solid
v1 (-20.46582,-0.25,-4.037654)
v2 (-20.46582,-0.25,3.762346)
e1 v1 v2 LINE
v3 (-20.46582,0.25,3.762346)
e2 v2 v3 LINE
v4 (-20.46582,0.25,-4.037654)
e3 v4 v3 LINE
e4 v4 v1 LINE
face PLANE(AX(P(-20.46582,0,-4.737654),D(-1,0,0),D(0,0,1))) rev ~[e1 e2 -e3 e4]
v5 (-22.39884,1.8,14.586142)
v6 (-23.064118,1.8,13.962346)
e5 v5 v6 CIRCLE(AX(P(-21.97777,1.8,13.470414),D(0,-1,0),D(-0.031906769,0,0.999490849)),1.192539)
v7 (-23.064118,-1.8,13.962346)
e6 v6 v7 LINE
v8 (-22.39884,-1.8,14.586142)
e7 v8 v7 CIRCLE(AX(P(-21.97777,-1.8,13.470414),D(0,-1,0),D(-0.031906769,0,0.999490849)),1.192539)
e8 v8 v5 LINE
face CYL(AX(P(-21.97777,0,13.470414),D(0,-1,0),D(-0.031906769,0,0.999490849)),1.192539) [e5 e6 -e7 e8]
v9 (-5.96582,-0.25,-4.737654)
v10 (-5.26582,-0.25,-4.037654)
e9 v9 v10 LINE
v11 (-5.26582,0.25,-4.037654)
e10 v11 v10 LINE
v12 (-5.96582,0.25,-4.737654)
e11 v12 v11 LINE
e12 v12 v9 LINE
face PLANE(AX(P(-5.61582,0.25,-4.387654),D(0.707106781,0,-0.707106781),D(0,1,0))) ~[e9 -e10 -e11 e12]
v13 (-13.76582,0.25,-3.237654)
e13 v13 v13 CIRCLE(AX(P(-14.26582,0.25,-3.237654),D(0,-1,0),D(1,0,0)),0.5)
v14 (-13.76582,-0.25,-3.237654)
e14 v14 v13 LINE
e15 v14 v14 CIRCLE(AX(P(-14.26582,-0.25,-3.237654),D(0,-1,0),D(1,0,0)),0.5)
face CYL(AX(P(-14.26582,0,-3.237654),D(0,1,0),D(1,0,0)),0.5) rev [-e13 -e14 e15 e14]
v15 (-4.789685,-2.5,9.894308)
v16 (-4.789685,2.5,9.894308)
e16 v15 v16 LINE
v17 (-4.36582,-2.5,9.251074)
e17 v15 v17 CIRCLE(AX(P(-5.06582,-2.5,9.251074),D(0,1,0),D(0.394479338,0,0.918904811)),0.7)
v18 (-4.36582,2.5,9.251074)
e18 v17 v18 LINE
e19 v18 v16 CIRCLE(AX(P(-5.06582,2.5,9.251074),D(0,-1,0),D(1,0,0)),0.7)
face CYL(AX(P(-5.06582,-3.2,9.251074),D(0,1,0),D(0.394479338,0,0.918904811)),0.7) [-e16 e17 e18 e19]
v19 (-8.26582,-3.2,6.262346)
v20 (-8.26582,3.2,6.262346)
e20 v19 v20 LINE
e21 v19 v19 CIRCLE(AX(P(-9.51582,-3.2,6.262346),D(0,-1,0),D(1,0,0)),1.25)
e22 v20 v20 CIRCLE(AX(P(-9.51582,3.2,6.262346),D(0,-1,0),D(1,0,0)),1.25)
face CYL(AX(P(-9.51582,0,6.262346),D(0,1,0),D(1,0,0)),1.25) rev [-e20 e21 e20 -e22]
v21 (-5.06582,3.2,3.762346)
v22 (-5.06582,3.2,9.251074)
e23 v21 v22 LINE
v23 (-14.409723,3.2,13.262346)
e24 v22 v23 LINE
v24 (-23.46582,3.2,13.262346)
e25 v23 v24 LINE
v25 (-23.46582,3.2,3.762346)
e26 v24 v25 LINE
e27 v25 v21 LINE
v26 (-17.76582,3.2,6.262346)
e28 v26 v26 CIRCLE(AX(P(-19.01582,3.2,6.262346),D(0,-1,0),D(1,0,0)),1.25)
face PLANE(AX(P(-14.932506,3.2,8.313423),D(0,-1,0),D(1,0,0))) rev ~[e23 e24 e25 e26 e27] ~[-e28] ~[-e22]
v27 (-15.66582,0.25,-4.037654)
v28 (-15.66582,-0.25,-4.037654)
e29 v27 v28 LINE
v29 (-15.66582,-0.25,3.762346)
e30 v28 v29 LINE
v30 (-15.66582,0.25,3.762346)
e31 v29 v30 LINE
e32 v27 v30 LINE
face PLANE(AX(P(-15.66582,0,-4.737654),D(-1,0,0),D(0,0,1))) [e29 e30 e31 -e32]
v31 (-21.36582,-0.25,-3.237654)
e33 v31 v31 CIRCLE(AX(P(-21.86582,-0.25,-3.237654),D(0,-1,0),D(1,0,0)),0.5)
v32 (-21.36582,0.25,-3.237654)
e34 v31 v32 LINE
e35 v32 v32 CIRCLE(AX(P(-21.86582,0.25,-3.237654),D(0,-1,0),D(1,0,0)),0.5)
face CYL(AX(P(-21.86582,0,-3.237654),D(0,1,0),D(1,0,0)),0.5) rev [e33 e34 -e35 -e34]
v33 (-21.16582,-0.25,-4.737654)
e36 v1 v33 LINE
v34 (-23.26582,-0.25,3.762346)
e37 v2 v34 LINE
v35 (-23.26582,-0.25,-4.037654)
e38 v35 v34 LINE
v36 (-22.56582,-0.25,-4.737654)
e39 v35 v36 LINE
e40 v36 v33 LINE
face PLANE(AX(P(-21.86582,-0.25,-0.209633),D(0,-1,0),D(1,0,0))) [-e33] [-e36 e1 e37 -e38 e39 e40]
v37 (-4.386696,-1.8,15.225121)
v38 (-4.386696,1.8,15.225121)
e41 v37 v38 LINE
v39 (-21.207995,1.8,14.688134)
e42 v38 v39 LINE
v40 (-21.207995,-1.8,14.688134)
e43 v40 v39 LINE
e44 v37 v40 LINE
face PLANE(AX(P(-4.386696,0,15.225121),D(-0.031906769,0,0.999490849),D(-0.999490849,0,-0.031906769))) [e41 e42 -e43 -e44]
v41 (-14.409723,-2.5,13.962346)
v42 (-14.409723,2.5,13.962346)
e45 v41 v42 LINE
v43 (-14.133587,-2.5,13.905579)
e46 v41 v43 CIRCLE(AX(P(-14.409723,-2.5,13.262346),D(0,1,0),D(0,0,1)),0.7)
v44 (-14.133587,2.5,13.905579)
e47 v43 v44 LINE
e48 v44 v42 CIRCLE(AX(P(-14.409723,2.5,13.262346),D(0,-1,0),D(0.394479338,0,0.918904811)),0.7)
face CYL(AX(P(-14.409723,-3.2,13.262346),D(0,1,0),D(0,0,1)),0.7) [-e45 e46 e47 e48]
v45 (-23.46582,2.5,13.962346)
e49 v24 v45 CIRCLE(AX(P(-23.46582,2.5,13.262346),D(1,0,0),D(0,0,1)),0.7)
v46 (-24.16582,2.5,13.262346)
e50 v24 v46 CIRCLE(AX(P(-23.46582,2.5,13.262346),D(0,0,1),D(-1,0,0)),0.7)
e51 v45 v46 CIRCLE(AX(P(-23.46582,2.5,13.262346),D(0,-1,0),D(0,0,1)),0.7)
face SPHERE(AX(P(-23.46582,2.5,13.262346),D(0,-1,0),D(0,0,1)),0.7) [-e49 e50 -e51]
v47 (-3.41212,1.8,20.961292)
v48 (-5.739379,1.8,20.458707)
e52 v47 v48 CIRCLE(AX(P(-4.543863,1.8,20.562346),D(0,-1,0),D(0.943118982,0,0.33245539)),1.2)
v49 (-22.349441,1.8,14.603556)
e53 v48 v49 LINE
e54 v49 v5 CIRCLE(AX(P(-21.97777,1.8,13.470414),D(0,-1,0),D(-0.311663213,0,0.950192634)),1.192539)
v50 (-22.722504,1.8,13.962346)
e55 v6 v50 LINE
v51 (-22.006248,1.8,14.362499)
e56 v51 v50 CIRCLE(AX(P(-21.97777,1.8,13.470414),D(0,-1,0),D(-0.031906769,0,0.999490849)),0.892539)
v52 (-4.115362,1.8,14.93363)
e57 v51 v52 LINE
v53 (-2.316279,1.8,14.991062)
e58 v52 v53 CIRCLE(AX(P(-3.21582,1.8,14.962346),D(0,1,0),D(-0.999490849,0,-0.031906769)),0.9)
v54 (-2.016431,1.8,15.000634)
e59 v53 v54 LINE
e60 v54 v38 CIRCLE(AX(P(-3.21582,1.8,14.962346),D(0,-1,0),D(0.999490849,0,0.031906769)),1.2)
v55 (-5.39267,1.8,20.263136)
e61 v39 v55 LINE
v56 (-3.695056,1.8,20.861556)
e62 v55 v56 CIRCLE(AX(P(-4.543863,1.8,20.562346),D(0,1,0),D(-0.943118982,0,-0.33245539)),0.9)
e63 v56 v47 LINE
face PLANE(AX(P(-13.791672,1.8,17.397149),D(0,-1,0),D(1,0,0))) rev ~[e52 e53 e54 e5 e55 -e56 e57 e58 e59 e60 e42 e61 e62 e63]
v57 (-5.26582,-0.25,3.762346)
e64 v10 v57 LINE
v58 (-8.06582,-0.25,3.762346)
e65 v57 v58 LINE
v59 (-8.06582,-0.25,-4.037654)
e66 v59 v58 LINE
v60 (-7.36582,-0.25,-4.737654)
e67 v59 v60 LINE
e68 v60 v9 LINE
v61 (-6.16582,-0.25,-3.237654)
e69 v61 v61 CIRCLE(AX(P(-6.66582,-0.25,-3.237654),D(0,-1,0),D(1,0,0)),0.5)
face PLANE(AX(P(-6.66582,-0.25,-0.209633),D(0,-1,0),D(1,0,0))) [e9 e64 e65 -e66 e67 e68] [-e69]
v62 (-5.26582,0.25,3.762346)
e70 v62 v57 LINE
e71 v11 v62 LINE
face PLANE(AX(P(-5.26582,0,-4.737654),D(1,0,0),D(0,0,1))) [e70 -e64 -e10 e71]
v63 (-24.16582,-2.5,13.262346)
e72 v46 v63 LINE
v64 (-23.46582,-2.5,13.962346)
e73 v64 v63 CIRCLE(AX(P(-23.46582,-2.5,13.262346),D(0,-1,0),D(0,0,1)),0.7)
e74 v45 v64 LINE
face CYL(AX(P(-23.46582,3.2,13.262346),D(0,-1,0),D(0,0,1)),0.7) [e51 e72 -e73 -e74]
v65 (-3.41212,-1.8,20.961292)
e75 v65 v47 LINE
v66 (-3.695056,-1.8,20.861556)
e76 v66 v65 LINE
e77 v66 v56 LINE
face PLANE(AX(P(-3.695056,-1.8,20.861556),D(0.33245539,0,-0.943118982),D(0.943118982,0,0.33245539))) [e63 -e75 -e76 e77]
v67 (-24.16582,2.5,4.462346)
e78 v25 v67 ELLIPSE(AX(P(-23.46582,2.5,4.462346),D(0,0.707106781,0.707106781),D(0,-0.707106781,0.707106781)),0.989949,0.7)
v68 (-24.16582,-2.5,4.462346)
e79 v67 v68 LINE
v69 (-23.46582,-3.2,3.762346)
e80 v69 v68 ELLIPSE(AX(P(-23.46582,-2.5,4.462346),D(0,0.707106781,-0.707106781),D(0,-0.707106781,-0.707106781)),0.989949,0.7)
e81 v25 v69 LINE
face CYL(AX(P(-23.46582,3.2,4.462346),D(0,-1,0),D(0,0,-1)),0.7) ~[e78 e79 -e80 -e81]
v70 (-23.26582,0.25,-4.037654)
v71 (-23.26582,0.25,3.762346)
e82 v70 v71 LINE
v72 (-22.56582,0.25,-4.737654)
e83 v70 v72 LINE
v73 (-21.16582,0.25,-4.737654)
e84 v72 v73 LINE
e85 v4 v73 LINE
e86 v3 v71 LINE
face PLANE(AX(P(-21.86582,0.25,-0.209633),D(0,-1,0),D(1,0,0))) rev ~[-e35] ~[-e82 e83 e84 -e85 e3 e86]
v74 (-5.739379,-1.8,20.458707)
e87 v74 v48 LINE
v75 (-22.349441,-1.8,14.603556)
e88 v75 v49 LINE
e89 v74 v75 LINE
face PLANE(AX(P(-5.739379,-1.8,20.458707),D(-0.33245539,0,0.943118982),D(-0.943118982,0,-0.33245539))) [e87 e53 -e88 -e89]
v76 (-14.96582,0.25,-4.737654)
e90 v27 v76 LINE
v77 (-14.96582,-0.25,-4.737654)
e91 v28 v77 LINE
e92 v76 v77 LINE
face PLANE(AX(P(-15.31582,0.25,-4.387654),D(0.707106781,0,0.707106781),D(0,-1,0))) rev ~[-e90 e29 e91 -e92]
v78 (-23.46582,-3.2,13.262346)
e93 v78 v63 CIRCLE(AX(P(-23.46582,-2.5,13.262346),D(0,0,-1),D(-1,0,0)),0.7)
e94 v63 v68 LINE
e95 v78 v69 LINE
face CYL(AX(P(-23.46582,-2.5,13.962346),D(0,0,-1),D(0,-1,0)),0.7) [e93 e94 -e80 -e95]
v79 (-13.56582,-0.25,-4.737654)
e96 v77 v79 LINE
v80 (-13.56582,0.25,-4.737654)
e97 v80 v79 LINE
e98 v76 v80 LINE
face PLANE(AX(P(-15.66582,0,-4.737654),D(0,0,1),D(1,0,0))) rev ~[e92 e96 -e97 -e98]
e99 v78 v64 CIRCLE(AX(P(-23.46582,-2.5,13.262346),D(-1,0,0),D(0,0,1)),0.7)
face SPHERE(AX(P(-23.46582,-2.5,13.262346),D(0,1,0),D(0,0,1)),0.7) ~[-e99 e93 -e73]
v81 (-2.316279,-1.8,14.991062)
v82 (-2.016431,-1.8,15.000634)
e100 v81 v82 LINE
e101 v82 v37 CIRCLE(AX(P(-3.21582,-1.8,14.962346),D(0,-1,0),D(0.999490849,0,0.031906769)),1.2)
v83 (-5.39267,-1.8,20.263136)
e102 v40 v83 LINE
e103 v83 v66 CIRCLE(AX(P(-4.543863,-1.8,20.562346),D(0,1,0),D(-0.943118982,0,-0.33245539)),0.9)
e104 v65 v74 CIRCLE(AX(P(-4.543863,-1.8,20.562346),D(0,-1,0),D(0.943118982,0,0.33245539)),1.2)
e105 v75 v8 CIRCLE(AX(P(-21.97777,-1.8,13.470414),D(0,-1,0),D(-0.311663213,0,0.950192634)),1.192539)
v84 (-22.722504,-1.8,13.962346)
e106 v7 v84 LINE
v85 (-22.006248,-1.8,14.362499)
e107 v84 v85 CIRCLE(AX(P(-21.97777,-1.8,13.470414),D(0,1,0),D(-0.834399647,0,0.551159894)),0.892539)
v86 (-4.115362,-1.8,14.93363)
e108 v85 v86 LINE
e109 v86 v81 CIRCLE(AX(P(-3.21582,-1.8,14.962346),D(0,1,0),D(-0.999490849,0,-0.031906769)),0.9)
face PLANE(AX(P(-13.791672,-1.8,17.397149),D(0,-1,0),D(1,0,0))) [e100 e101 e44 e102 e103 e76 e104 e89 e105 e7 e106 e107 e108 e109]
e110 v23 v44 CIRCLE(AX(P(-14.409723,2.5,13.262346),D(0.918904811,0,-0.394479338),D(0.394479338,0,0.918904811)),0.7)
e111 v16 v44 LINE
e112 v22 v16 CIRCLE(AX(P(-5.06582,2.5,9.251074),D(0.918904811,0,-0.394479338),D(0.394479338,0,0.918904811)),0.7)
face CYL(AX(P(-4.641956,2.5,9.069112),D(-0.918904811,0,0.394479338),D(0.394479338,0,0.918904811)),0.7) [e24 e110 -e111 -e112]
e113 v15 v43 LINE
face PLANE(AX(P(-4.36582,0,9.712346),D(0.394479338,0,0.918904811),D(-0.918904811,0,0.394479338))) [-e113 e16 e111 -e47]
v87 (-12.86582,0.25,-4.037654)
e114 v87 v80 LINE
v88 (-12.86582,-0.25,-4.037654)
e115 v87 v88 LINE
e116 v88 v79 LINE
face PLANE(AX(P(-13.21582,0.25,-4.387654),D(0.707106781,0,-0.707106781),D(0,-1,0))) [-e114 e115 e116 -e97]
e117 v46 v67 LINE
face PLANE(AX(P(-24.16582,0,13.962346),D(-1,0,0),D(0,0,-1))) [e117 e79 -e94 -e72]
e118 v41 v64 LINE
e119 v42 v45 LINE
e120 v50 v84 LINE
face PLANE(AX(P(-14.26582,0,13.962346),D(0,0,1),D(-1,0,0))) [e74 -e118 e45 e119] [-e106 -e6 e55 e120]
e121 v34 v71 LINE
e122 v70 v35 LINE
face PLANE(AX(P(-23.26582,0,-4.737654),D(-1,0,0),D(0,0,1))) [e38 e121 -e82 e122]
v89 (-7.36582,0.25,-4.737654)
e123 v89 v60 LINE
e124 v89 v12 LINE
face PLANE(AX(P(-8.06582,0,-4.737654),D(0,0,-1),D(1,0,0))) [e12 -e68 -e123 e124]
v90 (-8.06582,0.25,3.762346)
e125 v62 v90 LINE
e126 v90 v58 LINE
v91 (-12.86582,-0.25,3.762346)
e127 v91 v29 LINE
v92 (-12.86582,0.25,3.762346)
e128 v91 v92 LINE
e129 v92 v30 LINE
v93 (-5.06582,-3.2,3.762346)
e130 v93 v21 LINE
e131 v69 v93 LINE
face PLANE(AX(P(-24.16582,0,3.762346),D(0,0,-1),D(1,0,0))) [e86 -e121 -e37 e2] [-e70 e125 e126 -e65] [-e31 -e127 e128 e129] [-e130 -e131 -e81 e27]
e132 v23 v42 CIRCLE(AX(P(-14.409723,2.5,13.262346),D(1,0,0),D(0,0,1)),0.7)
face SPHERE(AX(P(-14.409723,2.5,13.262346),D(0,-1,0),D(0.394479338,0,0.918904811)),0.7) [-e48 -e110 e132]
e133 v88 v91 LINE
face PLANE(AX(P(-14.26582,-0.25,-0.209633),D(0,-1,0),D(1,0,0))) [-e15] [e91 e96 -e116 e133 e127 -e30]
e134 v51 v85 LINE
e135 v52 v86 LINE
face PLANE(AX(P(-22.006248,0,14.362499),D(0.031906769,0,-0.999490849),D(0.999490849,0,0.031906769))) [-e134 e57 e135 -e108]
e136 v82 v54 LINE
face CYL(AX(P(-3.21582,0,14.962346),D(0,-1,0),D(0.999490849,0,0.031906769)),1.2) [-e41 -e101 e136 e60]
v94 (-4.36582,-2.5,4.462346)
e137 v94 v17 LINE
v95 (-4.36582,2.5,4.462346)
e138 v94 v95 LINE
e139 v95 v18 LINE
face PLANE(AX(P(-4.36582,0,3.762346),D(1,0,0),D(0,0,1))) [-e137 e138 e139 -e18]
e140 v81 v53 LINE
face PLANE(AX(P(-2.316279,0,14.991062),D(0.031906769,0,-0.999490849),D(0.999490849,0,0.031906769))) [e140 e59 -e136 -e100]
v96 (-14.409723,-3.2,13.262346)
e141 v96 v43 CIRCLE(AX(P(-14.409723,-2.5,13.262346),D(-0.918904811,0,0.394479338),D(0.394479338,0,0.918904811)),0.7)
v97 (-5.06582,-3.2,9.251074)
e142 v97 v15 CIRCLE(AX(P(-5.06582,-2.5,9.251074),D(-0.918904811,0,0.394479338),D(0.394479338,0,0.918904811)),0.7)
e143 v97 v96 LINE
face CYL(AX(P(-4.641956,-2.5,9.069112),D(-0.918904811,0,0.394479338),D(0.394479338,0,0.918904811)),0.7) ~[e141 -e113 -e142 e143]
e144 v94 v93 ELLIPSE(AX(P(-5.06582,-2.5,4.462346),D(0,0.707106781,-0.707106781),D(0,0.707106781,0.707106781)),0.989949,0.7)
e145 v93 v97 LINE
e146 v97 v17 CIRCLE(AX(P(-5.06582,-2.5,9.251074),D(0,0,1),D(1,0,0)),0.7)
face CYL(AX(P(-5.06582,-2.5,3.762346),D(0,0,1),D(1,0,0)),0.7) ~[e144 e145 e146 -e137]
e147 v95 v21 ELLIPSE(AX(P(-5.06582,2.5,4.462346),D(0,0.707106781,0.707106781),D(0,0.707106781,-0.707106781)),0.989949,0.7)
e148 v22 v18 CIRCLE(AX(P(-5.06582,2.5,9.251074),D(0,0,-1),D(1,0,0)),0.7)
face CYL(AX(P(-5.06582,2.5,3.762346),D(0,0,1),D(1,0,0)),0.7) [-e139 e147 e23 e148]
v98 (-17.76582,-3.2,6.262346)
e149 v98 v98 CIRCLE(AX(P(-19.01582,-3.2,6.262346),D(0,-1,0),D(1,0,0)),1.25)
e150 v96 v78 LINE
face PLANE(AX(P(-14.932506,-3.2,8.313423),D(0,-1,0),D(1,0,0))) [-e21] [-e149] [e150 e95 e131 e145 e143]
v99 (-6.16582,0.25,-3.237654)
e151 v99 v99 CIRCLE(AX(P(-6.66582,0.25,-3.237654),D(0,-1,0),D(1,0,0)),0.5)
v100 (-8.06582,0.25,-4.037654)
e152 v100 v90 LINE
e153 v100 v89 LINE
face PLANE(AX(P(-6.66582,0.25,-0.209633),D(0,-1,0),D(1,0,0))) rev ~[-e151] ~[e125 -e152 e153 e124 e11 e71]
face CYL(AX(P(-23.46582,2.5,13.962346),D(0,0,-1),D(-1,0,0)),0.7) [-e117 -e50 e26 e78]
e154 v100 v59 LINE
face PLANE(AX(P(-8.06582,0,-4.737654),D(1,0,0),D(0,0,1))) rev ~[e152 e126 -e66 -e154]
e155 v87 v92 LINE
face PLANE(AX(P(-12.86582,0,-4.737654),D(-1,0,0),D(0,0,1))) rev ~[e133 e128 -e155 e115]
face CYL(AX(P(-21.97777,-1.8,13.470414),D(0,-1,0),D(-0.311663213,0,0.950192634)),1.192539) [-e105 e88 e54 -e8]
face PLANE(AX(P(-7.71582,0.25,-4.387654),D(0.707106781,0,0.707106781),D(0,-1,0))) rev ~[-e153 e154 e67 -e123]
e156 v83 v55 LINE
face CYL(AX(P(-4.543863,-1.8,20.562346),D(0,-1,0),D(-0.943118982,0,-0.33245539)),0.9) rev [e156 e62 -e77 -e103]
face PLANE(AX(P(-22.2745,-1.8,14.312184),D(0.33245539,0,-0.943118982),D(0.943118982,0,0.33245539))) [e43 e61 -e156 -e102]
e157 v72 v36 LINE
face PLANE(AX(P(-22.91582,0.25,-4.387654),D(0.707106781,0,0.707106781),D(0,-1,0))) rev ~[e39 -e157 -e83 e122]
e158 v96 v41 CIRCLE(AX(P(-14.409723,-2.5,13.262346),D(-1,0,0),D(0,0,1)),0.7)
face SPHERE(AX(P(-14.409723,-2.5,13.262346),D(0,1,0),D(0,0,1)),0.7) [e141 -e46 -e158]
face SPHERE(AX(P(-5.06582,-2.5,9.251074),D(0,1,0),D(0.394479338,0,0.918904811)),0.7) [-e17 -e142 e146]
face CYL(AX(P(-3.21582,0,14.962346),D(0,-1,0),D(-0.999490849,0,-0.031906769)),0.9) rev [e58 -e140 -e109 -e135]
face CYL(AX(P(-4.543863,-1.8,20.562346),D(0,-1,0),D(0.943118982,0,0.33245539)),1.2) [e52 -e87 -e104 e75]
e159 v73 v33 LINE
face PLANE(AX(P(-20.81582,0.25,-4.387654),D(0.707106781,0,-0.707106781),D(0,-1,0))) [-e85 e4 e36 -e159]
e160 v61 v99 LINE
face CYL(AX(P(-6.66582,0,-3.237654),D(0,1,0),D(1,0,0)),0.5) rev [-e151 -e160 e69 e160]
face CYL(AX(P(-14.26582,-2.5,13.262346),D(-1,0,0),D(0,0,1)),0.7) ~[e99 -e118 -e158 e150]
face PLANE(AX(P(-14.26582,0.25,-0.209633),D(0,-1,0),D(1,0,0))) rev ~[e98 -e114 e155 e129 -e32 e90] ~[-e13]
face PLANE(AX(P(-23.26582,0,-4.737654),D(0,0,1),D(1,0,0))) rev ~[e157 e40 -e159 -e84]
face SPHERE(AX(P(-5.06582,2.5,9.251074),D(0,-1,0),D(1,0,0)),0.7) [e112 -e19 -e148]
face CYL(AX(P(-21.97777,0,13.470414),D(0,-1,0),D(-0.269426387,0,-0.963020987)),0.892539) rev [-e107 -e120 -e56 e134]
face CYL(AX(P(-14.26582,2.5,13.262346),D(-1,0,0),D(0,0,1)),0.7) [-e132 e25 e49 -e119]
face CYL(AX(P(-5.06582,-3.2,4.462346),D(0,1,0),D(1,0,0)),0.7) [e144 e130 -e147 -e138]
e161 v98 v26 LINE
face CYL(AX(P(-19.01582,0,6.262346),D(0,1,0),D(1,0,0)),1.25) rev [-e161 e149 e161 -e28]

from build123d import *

# Parameters (mm, degrees)
F0_R     = 1.25
F1_DEPTH = 3.2
F2_R     = 0.7
F4_DEPTH = 1.8
F5_W     = 2.8
F5_H     = 9.0560415828
F5_R     = 0.5
F6_DEPTH = 0.25
F7_SIZE  = 0.7
F9_DEPTH = 3.6


with BuildPart() as f1:
    # F0 (on Front) → F1 (new body, symmetric)
    with BuildSketch(Plane.XZ):
        Polygon((-14.2658203304, 13.9623457611), (-24.1658203304, 13.9623457611), (-24.1658203304, 3.7623457611), (-4.3658203304, 3.7623457611), (-4.3658203304, 9.7123457611), align=None)
        with Locations((-19.0158203304, 6.2623457611)):
            Circle(F0_R, mode=Mode.SUBTRACT)
        with Locations((-9.5158203304, 6.2623457611)):
            Circle(F0_R, mode=Mode.SUBTRACT)
    extrude(amount=F1_DEPTH, both=True)

    # F2
    f2_edges = [f1.edges().sort_by_distance(p)[0] for p in [
        (-4.36582, 0, 9.712346),
        (-14.26582, 0, 13.962346),
        (-24.16582, 0, 13.962346),
        (-4.36582, 0, 3.762346),
        (-24.16582, 0, 3.762346),
        (-19.21582, -3.2, 13.962346),
        (-9.31582, -3.2, 11.837346),
        (-4.36582, -3.2, 6.737346),
        (-4.36582, 3.2, 6.737346),
        (-9.31582, 3.2, 11.837346),
        (-19.21582, 3.2, 13.962346),
        (-24.16582, -3.2, 8.862346),
        (-24.16582, 3.2, 8.862346),
    ]]
    fillet(f2_edges, radius=F2_R)

    # F3 (on Front) → F4 (join, symmetric)
    with BuildSketch(Plane.XZ):
        with BuildLine():
            Line((-4.3866957854, 15.2251207005), (-22.0158203304, 14.6623457611))
            ThreePointArc((-22.0158203304, 14.6623457611), (-23.165946247, 13.572328355), (-22.2182437598, 12.3023726214))
            Line((-22.2182437598, 12.3023726214), (-22.2182437598, 12.6108806694))
            ThreePointArc((-22.2182437598, 12.6108806694), (-22.8638430635, 13.5776541553), (-22.0062482997, 14.3624985062))
            Line((-22.0062482997, 14.3624985062), (-4.1153620949, 14.9336296691))
            ThreePointArc((-4.1153620949, 14.9336296691), (-3.2445364224, 15.8618875256), (-2.3162785659, 14.991061853))
            Line((-2.3162785659, 14.991061853), (-2.0164313111, 15.0006338837))
            ThreePointArc((-2.0164313111, 15.0006338837), (-3.1026751203, 16.1569997534), (-4.3866957854, 15.2251207005))
        make_face()
    extrude(amount=F4_DEPTH, both=True)

    # F5 (on Front) → F6 (join, symmetric)
    with BuildSketch(Plane.XZ):
        with Locations((-21.8658203304, -0.2096334475)):
            Rectangle(F5_W, F5_H)
        with Locations((-21.8658203304, -3.2376542389)):
            Circle(F5_R, mode=Mode.SUBTRACT)
        with Locations((-14.2658203304, -0.2096334475)):
            Rectangle(F5_W, F5_H)
        with Locations((-14.2658203304, -3.2376542389)):
            Circle(F5_R, mode=Mode.SUBTRACT)
        with Locations((-6.6658203304, -0.2096334475)):
            Rectangle(F5_W, F5_H)
        with Locations((-6.6658203304, -3.2376542389)):
            Circle(F5_R, mode=Mode.SUBTRACT)
    extrude(amount=F6_DEPTH, both=True)

    # F7
    f7_edges = [f1.edges().sort_by_distance(p)[0] for p in [
        (-12.86582, 0, -4.737654),
        (-15.66582, 0, -4.737654),
        (-20.46582, 0, -4.737654),
        (-23.26582, 0, -4.737654),
        (-5.26582, 0, -4.737654),
        (-8.06582, 0, -4.737654),
    ]]
    chamfer(f7_edges, length=F7_SIZE)

    # F8 (on face) → F9 (join, through all)
    with BuildSketch(Plane.XZ.offset(1.8)):
        with BuildLine():
            Line((-3.6950556462, 20.861555612), (-3.4121199517, 20.961292229))
            ThreePointArc((-3.4121199517, 20.961292229), (-4.7971701976, 21.7353058315), (-5.7393789628, 20.4587072715))
            Line((-5.7393789628, 20.4587072715), (-22.3494407238, 14.6035557305))
            Line((-22.3494407238, 14.6035557305), (-22.3988404472, 14.5861420164))
            ThreePointArc((-22.3988404472, 14.5861420164), (-23.1509491325, 13.2564048538), (-21.9777702725, 12.2778754681))
            Line((-21.9777702725, 12.2778754681), (-21.9777702725, 12.5778754681))
            ThreePointArc((-21.9777702725, 12.5778754681), (-22.8575253326, 13.319893669), (-22.2744995865, 14.3121844306))
            Line((-22.2744995865, 14.3121844306), (-5.3926698134, 20.2631359101))
            ThreePointArc((-5.3926698134, 20.2631359101), (-4.8430725807, 21.4111528446), (-3.6950556462, 20.861555612))
        make_face()
        with BuildLine():
            Line((-22.3988404472, 14.5861420164), (-22.3494407238, 14.6035557305))
            ThreePointArc((-22.3494407238, 14.6035557305), (-22.3742362034, 14.5951201251), (-22.3988404472, 14.5861420164))
        make_face()
    extrude(amount=-F9_DEPTH)


solid = f1.part
